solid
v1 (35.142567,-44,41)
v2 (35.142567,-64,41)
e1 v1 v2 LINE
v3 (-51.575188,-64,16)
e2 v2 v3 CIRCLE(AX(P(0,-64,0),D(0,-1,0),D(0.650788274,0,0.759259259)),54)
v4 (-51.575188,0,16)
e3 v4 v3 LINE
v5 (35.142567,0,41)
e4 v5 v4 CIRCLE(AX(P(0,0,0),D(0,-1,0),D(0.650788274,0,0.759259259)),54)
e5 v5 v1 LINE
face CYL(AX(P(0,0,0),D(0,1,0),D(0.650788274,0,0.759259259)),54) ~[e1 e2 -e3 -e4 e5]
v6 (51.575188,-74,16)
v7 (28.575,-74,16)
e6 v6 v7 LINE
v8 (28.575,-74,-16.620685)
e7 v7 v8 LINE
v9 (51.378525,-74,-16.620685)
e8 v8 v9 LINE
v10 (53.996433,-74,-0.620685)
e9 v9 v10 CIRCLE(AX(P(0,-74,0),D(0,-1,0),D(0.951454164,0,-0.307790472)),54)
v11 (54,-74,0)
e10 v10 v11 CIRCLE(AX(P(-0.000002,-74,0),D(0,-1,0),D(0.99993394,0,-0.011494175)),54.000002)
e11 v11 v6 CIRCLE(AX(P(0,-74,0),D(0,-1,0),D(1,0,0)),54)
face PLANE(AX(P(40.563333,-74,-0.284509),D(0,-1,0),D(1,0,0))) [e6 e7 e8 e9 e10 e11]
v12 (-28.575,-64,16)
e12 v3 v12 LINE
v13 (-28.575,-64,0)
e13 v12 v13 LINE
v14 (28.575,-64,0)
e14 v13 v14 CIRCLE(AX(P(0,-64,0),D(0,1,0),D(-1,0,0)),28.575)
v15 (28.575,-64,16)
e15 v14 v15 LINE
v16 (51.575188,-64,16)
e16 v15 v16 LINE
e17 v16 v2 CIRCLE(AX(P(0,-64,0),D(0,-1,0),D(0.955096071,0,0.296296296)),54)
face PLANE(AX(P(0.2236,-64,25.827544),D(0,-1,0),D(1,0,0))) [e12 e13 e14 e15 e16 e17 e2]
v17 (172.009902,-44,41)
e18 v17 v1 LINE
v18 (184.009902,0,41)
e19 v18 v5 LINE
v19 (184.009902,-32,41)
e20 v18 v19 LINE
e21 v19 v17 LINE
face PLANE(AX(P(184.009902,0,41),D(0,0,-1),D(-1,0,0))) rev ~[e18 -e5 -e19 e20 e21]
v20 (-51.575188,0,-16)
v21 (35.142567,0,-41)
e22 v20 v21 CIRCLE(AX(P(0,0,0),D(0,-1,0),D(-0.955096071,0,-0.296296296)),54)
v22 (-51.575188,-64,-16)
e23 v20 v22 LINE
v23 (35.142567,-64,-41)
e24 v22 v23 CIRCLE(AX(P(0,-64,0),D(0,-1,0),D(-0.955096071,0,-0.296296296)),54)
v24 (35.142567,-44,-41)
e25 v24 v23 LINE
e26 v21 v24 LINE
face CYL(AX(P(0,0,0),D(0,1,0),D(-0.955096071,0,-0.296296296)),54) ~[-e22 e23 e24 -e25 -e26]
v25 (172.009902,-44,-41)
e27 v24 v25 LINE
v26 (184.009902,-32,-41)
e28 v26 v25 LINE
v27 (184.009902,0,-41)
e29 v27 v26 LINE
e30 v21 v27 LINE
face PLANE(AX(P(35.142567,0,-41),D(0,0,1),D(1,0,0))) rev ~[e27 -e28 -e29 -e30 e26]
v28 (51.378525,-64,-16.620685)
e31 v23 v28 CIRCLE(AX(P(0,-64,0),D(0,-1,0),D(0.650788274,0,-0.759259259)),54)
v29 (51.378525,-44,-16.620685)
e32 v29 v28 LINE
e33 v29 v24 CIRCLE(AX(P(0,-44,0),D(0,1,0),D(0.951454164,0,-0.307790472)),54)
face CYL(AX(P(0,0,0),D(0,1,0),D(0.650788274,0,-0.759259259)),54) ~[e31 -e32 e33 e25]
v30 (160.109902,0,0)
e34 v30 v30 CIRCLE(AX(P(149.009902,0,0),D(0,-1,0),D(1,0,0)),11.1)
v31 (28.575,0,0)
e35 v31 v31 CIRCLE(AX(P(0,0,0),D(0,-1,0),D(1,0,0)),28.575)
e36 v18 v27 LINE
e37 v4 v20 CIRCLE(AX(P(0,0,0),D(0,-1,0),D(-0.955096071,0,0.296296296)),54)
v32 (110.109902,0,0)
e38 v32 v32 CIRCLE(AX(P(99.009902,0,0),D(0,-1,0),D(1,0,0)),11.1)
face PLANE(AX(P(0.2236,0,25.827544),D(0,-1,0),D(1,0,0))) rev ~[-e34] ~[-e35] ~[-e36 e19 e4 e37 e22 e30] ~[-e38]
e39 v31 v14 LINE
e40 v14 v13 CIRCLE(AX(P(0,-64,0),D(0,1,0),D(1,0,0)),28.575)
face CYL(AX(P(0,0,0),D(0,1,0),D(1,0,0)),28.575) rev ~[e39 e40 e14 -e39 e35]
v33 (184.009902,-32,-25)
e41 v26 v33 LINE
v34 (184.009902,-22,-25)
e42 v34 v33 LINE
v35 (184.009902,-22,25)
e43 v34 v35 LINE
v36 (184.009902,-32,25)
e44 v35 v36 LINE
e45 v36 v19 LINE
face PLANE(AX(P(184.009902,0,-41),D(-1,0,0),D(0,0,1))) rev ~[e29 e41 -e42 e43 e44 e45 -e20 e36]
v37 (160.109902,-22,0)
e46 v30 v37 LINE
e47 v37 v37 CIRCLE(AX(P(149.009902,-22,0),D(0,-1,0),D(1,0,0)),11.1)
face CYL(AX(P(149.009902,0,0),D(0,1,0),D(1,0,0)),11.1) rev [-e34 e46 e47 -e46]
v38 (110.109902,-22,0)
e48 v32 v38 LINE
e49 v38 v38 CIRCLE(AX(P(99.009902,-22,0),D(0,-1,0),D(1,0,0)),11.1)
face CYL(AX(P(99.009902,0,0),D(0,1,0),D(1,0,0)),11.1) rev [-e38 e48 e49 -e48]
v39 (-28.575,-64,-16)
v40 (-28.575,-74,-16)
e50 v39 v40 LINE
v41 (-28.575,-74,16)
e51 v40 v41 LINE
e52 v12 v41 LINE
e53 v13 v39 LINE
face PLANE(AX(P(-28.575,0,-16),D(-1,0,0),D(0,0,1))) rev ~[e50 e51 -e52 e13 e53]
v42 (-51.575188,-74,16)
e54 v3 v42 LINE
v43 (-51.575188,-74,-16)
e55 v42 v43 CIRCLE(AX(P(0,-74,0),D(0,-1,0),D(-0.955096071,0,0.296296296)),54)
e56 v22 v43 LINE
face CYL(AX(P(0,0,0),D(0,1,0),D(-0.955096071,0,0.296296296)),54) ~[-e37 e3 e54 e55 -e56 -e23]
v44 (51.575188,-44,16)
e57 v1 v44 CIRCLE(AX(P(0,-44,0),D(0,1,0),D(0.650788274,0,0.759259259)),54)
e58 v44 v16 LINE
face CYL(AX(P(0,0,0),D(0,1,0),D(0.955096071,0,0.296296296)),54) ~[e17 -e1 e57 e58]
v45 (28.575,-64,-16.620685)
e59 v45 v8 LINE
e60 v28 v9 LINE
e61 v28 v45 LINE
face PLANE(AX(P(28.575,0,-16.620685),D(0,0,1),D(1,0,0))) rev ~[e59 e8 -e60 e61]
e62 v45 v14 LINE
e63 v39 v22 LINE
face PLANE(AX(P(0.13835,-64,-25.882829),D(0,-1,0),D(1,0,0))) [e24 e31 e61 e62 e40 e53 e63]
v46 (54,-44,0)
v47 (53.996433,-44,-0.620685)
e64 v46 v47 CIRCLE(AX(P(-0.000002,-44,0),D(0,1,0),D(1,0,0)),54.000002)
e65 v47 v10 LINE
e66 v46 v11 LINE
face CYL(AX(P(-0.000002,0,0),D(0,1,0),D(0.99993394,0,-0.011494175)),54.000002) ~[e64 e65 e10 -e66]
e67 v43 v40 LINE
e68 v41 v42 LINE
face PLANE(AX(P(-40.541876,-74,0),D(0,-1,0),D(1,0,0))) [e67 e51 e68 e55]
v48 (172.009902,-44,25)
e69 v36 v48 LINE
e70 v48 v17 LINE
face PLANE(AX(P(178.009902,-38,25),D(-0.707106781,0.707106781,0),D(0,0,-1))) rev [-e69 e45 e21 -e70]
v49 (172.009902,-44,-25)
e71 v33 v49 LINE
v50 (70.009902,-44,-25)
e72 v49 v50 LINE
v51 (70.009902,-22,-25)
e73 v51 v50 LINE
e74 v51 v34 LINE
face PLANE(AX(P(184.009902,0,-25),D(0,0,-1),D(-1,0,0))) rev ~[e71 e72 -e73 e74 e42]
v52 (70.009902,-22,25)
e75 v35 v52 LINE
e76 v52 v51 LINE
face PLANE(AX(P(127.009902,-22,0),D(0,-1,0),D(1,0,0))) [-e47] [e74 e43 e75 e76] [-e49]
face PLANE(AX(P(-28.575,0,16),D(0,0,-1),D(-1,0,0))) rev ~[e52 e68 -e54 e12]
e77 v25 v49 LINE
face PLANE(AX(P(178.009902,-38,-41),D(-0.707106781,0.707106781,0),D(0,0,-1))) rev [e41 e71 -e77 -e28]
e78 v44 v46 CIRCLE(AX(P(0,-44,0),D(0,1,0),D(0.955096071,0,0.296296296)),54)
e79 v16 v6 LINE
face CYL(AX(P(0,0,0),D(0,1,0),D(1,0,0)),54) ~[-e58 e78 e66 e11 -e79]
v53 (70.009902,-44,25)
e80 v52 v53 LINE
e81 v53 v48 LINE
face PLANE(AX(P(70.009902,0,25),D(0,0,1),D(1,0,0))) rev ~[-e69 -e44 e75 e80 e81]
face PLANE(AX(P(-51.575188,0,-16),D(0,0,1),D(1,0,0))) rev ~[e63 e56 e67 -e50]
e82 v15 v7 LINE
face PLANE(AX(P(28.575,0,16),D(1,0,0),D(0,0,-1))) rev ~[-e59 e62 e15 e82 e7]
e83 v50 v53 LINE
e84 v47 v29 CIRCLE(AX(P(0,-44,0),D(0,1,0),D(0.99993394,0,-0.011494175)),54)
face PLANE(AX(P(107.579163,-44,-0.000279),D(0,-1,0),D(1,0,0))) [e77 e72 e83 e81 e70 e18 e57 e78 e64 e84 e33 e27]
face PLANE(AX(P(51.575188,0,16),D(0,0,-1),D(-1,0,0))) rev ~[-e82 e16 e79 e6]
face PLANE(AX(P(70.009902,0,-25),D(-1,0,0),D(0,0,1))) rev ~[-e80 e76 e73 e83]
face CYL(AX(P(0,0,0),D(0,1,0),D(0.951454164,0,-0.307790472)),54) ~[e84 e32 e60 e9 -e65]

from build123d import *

# Parameters (mm, degrees)
F0_R     = 11.1
F1_DEPTH = 22
F2_DEPTH = 44
F3_DEPTH = 64
F4_DEPTH = 74
F5_SIZE  = 12


with BuildPart() as f1:
    # F0 (on Front) → F1 (new body)
    with BuildSketch(Plane.XZ):
        Polygon((184.0099021196, -25), (184.0099021196, 25), (70.0099021196, 25), (70.0099021196, 0), (70.0099021196, -25), align=None)
        with Locations((99.0099021196, 0)):
            Circle(F0_R, mode=Mode.SUBTRACT)
        with Locations((149.0099021196, 0)):
            Circle(F0_R, mode=Mode.SUBTRACT)
    extrude(amount=F1_DEPTH)

    # F0 (on Front) → F2 (join)
    with BuildSketch(Plane.XZ):
        with BuildLine():
            ThreePointArc((51.5751878329, 16), (53.3903556037, 8.0913489921), (54, 0))
            ThreePointArc((54, 0), (53.9991081797, -0.3103478577), (53.9964327484, -0.6206854644))
            ThreePointArc((53.9964327484, -0.6206854644), (53.2913728634, -8.7194941557), (51.3785248396, -16.6206854644))
            ThreePointArc((51.3785248396, -16.6206854644), (44.9451061645, -29.9322139486), (35.1425667816, -41))
            Line((35.1425667816, -41), (184.0099021196, -41))
            Line((184.0099021196, -41), (184.0099021196, -25))
            Line((184.0099021196, -25), (70.0099021196, -25))
            Line((70.0099021196, -25), (70.0099021196, 0))
            Line((70.0099021196, 0), (70.0099021196, 25))
            Line((70.0099021196, 25), (184.0099021196, 25))
            Line((184.0099021196, 25), (184.0099021196, 41))
            Line((184.0099021196, 41), (35.1425667816, 41))
            ThreePointArc((35.1425667816, 41), (45.1247409006, 29.6607106903), (51.5751878329, 16))
        make_face()
    extrude(amount=F2_DEPTH)

    # F0 (on Front) → F3 (join)
    with BuildSketch(Plane.XZ):
        with BuildLine():
            Line((28.575, 16), (51.5751878329, 16))
            ThreePointArc((51.5751878329, 16), (45.1247409006, 29.6607106903), (35.1425667816, 41))
            ThreePointArc((35.1425667816, 41), (-14.9585346426, 51.8868214612), (-51.5751878329, 16))
            Line((-51.5751878329, 16), (-28.575, 16))
            Line((-28.575, 16), (-28.575, 0))
            ThreePointArc((-28.575, 0), (0, 28.575), (28.575, 0))
            Line((28.575, 0), (28.575, 16))
        make_face()
        with BuildLine():
            ThreePointArc((35.1425667816, -41), (44.9451061645, -29.9322139486), (51.3785248396, -16.6206854644))
            Line((51.3785248396, -16.6206854644), (28.575, -16.6206854644))
            Line((28.575, -16.6206854644), (28.575, -0.6206854644))
            Line((28.575, -0.6206854644), (28.575, 0))
            ThreePointArc((28.575, 0), (0, -28.575), (-28.575, 0))
            Line((-28.575, 0), (-28.575, -16))
            Line((-28.575, -16), (-51.5751878329, -16))
            ThreePointArc((-51.5751878329, -16), (-14.9585346426, -51.8868214612), (35.1425667816, -41))
        make_face()
    extrude(amount=F3_DEPTH)

    # F0 (on Front) → F4 (join)
    with BuildSketch(Plane.XZ):
        with BuildLine():
            ThreePointArc((53.9964327484, -0.6206854644), (53.9991081797, -0.3103478577), (54, 0))
            ThreePointArc((54, 0), (53.3903556037, 8.0913489921), (51.5751878329, 16))
            Line((51.5751878329, 16), (28.575, 16))
            Line((28.575, 16), (28.575, 0))
            Line((28.575, 0), (28.575, -0.6206854644))
            Line((28.575, -0.6206854644), (28.575, -16.6206854644))
            Line((28.575, -16.6206854644), (51.3785248396, -16.6206854644))
            ThreePointArc((51.3785248396, -16.6206854644), (53.2913728634, -8.7194941557), (53.9964327484, -0.6206854644))
        make_face()
        with BuildLine():
            Line((-28.575, 16), (-51.5751878329, 16))
            ThreePointArc((-51.5751878329, 16), (-54, 0), (-51.5751878329, -16))
            Line((-51.5751878329, -16), (-28.575, -16))
            Line((-28.575, -16), (-28.575, 0))
            Line((-28.575, 0), (-28.575, 16))
        make_face()
    extrude(amount=F4_DEPTH)

    # F5
    f5_edges = [f1.edges().sort_by_distance(p)[0] for p in [
        (184.009902, -44, 33),
        (184.009902, -44, -33),
    ]]
    chamfer(f5_edges, length=F5_SIZE)


solid = f1.part
